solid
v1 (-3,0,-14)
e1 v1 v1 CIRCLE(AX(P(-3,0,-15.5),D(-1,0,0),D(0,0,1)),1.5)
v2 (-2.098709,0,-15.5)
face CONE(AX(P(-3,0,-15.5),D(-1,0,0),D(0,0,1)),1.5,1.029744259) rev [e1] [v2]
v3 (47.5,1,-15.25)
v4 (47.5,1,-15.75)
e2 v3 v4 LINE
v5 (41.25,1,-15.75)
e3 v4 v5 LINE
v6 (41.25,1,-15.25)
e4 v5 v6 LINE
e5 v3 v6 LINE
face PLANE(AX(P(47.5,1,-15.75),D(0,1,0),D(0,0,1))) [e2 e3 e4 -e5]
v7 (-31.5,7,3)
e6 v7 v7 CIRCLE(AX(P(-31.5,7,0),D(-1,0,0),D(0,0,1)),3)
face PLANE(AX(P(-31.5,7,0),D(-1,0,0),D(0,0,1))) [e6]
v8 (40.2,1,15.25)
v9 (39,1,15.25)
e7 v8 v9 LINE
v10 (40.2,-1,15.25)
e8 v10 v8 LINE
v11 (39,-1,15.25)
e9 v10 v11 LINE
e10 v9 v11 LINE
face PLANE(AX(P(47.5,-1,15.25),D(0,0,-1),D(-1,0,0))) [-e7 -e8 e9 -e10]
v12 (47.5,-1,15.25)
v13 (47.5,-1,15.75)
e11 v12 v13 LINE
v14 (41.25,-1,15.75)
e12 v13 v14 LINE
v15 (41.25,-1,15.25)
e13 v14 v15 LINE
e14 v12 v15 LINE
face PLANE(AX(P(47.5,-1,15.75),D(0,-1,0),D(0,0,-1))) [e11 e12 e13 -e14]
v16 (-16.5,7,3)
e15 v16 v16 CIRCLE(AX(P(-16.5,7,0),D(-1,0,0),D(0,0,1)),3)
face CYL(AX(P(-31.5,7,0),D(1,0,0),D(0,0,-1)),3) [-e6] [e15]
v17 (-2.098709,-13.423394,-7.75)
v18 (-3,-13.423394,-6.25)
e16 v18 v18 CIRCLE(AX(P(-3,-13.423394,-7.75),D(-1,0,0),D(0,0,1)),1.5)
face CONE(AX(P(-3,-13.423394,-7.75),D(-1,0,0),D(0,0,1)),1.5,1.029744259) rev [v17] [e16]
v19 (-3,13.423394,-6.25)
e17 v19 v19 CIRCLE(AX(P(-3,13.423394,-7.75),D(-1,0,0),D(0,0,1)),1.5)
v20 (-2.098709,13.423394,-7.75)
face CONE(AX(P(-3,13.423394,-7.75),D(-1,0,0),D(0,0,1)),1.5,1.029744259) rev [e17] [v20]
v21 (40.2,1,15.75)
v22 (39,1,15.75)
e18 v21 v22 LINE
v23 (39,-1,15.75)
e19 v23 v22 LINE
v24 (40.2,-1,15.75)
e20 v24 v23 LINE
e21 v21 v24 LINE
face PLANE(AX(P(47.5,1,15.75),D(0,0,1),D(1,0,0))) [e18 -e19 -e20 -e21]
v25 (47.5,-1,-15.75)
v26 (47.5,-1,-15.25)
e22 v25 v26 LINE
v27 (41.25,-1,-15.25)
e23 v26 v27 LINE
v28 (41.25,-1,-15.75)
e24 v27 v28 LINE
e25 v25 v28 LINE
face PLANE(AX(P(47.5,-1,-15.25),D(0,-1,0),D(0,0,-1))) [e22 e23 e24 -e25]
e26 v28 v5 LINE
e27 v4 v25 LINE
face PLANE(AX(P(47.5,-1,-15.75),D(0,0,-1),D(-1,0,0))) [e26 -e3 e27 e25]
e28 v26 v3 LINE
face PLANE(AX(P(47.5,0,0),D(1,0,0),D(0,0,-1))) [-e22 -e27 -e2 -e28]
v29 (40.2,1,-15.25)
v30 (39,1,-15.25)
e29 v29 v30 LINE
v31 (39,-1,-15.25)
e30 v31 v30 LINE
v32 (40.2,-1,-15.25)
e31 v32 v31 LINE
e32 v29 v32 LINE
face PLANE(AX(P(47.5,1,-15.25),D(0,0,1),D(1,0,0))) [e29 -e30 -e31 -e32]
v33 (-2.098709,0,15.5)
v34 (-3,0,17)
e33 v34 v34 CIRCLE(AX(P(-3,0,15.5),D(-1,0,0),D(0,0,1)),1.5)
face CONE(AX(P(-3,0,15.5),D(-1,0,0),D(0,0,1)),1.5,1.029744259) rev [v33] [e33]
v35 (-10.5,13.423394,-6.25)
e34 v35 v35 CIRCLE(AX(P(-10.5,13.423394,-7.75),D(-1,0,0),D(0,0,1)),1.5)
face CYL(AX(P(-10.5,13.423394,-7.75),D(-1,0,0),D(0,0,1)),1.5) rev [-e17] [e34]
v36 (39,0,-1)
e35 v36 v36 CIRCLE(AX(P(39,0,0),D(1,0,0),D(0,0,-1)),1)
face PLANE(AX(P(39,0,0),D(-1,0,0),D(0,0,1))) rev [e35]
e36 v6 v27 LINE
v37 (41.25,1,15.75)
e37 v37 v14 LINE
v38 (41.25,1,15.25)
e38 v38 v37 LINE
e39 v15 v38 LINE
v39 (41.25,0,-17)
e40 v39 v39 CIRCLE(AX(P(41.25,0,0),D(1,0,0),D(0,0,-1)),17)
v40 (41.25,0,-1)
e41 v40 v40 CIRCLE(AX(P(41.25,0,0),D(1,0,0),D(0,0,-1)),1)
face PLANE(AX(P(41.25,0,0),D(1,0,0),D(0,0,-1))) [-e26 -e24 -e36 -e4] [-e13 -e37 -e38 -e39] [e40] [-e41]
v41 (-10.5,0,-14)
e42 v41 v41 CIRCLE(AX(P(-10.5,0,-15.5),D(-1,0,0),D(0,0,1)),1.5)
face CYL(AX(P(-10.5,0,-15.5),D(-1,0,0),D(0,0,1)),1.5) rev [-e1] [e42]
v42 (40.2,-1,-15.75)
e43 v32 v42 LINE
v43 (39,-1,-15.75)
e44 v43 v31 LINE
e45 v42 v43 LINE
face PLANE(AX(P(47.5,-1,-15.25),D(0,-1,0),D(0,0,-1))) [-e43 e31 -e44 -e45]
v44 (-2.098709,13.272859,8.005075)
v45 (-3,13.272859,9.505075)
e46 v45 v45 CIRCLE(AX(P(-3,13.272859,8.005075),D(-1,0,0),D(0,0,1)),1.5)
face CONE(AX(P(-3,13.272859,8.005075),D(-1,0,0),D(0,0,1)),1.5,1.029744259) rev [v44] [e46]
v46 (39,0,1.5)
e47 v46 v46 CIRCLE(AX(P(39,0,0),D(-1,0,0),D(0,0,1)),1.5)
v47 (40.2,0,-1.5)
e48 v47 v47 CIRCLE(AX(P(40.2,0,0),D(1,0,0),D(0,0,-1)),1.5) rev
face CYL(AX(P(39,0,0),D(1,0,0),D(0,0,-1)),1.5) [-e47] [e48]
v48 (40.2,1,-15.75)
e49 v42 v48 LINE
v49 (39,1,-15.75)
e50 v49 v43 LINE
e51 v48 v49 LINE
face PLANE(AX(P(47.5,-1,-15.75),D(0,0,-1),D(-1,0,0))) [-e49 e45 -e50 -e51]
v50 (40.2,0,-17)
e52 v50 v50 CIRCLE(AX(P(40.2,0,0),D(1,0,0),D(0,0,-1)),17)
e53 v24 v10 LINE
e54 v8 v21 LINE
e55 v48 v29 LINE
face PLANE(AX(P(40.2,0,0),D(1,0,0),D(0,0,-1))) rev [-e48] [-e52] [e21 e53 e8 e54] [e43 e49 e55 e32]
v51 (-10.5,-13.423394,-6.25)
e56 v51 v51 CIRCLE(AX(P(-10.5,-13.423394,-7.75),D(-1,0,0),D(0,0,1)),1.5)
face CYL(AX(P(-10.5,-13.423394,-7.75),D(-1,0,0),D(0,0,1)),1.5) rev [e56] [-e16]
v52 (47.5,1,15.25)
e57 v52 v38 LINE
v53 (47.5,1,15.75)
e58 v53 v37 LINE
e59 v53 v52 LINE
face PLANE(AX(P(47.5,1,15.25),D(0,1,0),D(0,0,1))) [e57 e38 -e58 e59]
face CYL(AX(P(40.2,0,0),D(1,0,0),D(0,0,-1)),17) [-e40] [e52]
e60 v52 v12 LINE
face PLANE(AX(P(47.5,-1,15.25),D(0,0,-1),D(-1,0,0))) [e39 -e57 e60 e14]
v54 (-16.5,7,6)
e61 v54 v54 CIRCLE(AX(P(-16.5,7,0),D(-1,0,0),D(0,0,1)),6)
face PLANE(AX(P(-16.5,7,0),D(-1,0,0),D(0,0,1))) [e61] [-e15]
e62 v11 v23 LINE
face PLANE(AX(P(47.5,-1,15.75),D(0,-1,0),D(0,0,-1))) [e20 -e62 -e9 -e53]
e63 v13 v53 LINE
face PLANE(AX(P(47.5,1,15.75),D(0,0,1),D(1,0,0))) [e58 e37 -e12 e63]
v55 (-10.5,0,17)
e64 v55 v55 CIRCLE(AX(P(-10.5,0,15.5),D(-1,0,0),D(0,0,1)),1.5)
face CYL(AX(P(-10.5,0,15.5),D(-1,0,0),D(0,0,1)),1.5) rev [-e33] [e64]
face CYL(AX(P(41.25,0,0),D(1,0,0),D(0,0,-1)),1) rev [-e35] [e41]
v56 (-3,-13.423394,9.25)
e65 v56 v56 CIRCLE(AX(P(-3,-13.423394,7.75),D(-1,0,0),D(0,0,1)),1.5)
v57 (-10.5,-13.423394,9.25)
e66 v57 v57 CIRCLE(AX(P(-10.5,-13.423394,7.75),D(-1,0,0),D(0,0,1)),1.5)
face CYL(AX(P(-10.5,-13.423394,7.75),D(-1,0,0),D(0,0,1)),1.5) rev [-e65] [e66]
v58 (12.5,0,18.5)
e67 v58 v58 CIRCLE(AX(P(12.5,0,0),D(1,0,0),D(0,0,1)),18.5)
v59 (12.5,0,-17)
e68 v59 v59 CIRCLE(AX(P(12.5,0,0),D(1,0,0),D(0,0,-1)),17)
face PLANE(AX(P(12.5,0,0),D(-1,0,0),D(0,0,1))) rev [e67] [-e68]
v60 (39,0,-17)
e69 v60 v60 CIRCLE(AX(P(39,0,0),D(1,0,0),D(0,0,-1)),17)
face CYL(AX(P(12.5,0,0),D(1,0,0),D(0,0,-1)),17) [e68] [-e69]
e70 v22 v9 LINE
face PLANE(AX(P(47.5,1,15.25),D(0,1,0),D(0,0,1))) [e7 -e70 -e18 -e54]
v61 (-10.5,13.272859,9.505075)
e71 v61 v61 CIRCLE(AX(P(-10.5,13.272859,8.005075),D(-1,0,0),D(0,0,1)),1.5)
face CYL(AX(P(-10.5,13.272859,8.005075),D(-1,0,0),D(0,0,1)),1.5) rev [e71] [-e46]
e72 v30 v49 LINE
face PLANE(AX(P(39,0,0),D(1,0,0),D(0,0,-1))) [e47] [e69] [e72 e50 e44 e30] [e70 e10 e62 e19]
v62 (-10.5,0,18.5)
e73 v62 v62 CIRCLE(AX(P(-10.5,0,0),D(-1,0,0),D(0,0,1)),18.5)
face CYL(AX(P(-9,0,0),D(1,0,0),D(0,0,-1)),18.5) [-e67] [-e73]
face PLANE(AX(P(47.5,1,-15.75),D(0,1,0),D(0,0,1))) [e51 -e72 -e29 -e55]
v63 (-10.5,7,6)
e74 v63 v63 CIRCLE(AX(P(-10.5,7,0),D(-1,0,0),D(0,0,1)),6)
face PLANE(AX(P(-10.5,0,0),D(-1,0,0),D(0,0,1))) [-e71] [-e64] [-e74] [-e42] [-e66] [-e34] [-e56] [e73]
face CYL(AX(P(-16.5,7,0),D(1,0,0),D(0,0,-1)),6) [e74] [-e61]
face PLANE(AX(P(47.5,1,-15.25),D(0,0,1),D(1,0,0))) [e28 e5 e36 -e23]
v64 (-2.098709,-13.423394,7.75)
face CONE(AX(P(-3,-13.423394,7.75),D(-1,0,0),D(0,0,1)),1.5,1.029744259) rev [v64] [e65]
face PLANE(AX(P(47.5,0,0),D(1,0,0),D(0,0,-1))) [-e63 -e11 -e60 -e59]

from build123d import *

# Parameters (mm, degrees)
SKETCH1_R                      = 17
BOSS_EXTRUDE1_DEPTH            = 1.05
SKETCH2_W                      = 0.5
SKETCH2_H                      = 2
POLES_DEPTH                    = 1.2
POLES_DEPTH_BACK               = 7.3
SKETCH3_R                      = 1.5
BOSS_EXTRUDE3_DEPTH            = 1.2
SKETCH5_R                      = 17
BOSS_EXTRUDE5_DEPTH            = 26.5
SKETCH6_R                      = 18.5
REDUCTUR_DEPTH                 = 21.5
SKETCH35_R                     = 18.5
ENDPLATE_DEPTH                 = 1.5
SKETCH36_R                     = 6
BOSS_EXTRUDE25_DEPTH           = 6
F_3_1_3_1_DIAMETER_HOLE1_D     = 6
F_3_1_3_1_DIAMETER_HOLE1_DEPTH = 2.2
F_2_0_2_DIAMETER_HOLE1_D       = 2
F_2_0_2_DIAMETER_HOLE1_DEPTH   = 2.25
F_3_0MM_1_D                    = 3
F_3_0MM_1_DEPTH                = 7.5
F_3_0MM_1_TIP                  = 0.901290929
SKETCH_1_R                     = 3
EXTRUDE_1_DEPTH                = 21


with BuildPart() as part:
    # Sketch1 → Boss-Extrude1 (new body)
    with BuildSketch(Plane(origin=(41.25, 0, 0), x_dir=(0, 0, -1), z_dir=(1, 0, 0))):
        Circle(SKETCH1_R)
    extrude(amount=-BOSS_EXTRUDE1_DEPTH)

    # Sketch2 → Poles (add, two sides)
    with BuildSketch(Plane.ZY.offset(-40.2)) as poles_sk:
        with Locations((15.5, 0)):
            Rectangle(SKETCH2_W, SKETCH2_H)
        with Locations((-15.5, 0)):
            Rectangle(SKETCH2_W, SKETCH2_H)
    extrude(amount=POLES_DEPTH)
    extrude(poles_sk.sketch, amount=-POLES_DEPTH_BACK)

    # Sketch3 → Boss-Extrude3 (add)
    with BuildSketch(Plane.ZY.offset(-40.2)):
        Circle(SKETCH3_R)
    extrude(amount=BOSS_EXTRUDE3_DEPTH)

    # Sketch5 → Boss-Extrude5 (add)
    with BuildSketch(Plane(origin=(39, 0, 0), x_dir=(0, 0, -1), z_dir=(1, 0, 0))):
        Circle(SKETCH5_R)
    extrude(amount=-BOSS_EXTRUDE5_DEPTH)

    # Sketch6 → Reductur (add)
    with BuildSketch(Plane(origin=(12.5, 0, 0), x_dir=(0, 0, -1), z_dir=(1, 0, 0))):
        Circle(SKETCH6_R)
    extrude(amount=-REDUCTUR_DEPTH)

    # Sketch35 → Endplate (add)
    with BuildSketch(Plane.ZY.offset(9)):
        Circle(SKETCH35_R)
    extrude(amount=ENDPLATE_DEPTH)

    # Sketch36 → Boss-Extrude25 (add)
    with BuildSketch(Plane.ZY.offset(10.5)):
        with Locations((0, 7)):
            Circle(SKETCH36_R)
    extrude(amount=BOSS_EXTRUDE25_DEPTH)

    # Ø3.1 (3.1) Diameter Hole1
    with Locations(Plane.ZY.offset(16.5)):
        with Locations((0, 7)):
            Hole(F_3_1_3_1_DIAMETER_HOLE1_D / 2, depth=F_3_1_3_1_DIAMETER_HOLE1_DEPTH)

    # Ø2.0 (2) Diameter Hole1
    with Locations(Plane(origin=(41.25, 0, 0), x_dir=(0, 0, -1), z_dir=(1, 0, 0))):
        with Locations((0, 0)):
            Hole(F_2_0_2_DIAMETER_HOLE1_D / 2, depth=F_2_0_2_DIAMETER_HOLE1_DEPTH)

    # Ø3.0mm 定位孔1
    with Locations(Plane(origin=(-10.5, 0, -15.5), x_dir=(0, 0, -1), z_dir=(-1, 0, 0))):
        with Locations((0, 0), (-7.75, -13.423393759), (-23.50507477, -13.272858695), (-31, 0), (-23.25, 13.423393759), (-7.75, 13.423393759)):
            Hole(F_3_0MM_1_D / 2, depth=F_3_0MM_1_DEPTH)
            with Locations((0, 0, -(F_3_0MM_1_DEPTH + F_3_0MM_1_TIP / 2))):  # 118° drill point
                Cone(0, F_3_0MM_1_D / 2, F_3_0MM_1_TIP, mode=Mode.SUBTRACT)

    # 草圖1 → 填料-伸長1 (add)
    with BuildSketch(Plane.ZY.offset(10.5)):
        with Locations((0, 7)):
            Circle(SKETCH_1_R)
    extrude(amount=EXTRUDE_1_DEPTH)


solid = part.part
